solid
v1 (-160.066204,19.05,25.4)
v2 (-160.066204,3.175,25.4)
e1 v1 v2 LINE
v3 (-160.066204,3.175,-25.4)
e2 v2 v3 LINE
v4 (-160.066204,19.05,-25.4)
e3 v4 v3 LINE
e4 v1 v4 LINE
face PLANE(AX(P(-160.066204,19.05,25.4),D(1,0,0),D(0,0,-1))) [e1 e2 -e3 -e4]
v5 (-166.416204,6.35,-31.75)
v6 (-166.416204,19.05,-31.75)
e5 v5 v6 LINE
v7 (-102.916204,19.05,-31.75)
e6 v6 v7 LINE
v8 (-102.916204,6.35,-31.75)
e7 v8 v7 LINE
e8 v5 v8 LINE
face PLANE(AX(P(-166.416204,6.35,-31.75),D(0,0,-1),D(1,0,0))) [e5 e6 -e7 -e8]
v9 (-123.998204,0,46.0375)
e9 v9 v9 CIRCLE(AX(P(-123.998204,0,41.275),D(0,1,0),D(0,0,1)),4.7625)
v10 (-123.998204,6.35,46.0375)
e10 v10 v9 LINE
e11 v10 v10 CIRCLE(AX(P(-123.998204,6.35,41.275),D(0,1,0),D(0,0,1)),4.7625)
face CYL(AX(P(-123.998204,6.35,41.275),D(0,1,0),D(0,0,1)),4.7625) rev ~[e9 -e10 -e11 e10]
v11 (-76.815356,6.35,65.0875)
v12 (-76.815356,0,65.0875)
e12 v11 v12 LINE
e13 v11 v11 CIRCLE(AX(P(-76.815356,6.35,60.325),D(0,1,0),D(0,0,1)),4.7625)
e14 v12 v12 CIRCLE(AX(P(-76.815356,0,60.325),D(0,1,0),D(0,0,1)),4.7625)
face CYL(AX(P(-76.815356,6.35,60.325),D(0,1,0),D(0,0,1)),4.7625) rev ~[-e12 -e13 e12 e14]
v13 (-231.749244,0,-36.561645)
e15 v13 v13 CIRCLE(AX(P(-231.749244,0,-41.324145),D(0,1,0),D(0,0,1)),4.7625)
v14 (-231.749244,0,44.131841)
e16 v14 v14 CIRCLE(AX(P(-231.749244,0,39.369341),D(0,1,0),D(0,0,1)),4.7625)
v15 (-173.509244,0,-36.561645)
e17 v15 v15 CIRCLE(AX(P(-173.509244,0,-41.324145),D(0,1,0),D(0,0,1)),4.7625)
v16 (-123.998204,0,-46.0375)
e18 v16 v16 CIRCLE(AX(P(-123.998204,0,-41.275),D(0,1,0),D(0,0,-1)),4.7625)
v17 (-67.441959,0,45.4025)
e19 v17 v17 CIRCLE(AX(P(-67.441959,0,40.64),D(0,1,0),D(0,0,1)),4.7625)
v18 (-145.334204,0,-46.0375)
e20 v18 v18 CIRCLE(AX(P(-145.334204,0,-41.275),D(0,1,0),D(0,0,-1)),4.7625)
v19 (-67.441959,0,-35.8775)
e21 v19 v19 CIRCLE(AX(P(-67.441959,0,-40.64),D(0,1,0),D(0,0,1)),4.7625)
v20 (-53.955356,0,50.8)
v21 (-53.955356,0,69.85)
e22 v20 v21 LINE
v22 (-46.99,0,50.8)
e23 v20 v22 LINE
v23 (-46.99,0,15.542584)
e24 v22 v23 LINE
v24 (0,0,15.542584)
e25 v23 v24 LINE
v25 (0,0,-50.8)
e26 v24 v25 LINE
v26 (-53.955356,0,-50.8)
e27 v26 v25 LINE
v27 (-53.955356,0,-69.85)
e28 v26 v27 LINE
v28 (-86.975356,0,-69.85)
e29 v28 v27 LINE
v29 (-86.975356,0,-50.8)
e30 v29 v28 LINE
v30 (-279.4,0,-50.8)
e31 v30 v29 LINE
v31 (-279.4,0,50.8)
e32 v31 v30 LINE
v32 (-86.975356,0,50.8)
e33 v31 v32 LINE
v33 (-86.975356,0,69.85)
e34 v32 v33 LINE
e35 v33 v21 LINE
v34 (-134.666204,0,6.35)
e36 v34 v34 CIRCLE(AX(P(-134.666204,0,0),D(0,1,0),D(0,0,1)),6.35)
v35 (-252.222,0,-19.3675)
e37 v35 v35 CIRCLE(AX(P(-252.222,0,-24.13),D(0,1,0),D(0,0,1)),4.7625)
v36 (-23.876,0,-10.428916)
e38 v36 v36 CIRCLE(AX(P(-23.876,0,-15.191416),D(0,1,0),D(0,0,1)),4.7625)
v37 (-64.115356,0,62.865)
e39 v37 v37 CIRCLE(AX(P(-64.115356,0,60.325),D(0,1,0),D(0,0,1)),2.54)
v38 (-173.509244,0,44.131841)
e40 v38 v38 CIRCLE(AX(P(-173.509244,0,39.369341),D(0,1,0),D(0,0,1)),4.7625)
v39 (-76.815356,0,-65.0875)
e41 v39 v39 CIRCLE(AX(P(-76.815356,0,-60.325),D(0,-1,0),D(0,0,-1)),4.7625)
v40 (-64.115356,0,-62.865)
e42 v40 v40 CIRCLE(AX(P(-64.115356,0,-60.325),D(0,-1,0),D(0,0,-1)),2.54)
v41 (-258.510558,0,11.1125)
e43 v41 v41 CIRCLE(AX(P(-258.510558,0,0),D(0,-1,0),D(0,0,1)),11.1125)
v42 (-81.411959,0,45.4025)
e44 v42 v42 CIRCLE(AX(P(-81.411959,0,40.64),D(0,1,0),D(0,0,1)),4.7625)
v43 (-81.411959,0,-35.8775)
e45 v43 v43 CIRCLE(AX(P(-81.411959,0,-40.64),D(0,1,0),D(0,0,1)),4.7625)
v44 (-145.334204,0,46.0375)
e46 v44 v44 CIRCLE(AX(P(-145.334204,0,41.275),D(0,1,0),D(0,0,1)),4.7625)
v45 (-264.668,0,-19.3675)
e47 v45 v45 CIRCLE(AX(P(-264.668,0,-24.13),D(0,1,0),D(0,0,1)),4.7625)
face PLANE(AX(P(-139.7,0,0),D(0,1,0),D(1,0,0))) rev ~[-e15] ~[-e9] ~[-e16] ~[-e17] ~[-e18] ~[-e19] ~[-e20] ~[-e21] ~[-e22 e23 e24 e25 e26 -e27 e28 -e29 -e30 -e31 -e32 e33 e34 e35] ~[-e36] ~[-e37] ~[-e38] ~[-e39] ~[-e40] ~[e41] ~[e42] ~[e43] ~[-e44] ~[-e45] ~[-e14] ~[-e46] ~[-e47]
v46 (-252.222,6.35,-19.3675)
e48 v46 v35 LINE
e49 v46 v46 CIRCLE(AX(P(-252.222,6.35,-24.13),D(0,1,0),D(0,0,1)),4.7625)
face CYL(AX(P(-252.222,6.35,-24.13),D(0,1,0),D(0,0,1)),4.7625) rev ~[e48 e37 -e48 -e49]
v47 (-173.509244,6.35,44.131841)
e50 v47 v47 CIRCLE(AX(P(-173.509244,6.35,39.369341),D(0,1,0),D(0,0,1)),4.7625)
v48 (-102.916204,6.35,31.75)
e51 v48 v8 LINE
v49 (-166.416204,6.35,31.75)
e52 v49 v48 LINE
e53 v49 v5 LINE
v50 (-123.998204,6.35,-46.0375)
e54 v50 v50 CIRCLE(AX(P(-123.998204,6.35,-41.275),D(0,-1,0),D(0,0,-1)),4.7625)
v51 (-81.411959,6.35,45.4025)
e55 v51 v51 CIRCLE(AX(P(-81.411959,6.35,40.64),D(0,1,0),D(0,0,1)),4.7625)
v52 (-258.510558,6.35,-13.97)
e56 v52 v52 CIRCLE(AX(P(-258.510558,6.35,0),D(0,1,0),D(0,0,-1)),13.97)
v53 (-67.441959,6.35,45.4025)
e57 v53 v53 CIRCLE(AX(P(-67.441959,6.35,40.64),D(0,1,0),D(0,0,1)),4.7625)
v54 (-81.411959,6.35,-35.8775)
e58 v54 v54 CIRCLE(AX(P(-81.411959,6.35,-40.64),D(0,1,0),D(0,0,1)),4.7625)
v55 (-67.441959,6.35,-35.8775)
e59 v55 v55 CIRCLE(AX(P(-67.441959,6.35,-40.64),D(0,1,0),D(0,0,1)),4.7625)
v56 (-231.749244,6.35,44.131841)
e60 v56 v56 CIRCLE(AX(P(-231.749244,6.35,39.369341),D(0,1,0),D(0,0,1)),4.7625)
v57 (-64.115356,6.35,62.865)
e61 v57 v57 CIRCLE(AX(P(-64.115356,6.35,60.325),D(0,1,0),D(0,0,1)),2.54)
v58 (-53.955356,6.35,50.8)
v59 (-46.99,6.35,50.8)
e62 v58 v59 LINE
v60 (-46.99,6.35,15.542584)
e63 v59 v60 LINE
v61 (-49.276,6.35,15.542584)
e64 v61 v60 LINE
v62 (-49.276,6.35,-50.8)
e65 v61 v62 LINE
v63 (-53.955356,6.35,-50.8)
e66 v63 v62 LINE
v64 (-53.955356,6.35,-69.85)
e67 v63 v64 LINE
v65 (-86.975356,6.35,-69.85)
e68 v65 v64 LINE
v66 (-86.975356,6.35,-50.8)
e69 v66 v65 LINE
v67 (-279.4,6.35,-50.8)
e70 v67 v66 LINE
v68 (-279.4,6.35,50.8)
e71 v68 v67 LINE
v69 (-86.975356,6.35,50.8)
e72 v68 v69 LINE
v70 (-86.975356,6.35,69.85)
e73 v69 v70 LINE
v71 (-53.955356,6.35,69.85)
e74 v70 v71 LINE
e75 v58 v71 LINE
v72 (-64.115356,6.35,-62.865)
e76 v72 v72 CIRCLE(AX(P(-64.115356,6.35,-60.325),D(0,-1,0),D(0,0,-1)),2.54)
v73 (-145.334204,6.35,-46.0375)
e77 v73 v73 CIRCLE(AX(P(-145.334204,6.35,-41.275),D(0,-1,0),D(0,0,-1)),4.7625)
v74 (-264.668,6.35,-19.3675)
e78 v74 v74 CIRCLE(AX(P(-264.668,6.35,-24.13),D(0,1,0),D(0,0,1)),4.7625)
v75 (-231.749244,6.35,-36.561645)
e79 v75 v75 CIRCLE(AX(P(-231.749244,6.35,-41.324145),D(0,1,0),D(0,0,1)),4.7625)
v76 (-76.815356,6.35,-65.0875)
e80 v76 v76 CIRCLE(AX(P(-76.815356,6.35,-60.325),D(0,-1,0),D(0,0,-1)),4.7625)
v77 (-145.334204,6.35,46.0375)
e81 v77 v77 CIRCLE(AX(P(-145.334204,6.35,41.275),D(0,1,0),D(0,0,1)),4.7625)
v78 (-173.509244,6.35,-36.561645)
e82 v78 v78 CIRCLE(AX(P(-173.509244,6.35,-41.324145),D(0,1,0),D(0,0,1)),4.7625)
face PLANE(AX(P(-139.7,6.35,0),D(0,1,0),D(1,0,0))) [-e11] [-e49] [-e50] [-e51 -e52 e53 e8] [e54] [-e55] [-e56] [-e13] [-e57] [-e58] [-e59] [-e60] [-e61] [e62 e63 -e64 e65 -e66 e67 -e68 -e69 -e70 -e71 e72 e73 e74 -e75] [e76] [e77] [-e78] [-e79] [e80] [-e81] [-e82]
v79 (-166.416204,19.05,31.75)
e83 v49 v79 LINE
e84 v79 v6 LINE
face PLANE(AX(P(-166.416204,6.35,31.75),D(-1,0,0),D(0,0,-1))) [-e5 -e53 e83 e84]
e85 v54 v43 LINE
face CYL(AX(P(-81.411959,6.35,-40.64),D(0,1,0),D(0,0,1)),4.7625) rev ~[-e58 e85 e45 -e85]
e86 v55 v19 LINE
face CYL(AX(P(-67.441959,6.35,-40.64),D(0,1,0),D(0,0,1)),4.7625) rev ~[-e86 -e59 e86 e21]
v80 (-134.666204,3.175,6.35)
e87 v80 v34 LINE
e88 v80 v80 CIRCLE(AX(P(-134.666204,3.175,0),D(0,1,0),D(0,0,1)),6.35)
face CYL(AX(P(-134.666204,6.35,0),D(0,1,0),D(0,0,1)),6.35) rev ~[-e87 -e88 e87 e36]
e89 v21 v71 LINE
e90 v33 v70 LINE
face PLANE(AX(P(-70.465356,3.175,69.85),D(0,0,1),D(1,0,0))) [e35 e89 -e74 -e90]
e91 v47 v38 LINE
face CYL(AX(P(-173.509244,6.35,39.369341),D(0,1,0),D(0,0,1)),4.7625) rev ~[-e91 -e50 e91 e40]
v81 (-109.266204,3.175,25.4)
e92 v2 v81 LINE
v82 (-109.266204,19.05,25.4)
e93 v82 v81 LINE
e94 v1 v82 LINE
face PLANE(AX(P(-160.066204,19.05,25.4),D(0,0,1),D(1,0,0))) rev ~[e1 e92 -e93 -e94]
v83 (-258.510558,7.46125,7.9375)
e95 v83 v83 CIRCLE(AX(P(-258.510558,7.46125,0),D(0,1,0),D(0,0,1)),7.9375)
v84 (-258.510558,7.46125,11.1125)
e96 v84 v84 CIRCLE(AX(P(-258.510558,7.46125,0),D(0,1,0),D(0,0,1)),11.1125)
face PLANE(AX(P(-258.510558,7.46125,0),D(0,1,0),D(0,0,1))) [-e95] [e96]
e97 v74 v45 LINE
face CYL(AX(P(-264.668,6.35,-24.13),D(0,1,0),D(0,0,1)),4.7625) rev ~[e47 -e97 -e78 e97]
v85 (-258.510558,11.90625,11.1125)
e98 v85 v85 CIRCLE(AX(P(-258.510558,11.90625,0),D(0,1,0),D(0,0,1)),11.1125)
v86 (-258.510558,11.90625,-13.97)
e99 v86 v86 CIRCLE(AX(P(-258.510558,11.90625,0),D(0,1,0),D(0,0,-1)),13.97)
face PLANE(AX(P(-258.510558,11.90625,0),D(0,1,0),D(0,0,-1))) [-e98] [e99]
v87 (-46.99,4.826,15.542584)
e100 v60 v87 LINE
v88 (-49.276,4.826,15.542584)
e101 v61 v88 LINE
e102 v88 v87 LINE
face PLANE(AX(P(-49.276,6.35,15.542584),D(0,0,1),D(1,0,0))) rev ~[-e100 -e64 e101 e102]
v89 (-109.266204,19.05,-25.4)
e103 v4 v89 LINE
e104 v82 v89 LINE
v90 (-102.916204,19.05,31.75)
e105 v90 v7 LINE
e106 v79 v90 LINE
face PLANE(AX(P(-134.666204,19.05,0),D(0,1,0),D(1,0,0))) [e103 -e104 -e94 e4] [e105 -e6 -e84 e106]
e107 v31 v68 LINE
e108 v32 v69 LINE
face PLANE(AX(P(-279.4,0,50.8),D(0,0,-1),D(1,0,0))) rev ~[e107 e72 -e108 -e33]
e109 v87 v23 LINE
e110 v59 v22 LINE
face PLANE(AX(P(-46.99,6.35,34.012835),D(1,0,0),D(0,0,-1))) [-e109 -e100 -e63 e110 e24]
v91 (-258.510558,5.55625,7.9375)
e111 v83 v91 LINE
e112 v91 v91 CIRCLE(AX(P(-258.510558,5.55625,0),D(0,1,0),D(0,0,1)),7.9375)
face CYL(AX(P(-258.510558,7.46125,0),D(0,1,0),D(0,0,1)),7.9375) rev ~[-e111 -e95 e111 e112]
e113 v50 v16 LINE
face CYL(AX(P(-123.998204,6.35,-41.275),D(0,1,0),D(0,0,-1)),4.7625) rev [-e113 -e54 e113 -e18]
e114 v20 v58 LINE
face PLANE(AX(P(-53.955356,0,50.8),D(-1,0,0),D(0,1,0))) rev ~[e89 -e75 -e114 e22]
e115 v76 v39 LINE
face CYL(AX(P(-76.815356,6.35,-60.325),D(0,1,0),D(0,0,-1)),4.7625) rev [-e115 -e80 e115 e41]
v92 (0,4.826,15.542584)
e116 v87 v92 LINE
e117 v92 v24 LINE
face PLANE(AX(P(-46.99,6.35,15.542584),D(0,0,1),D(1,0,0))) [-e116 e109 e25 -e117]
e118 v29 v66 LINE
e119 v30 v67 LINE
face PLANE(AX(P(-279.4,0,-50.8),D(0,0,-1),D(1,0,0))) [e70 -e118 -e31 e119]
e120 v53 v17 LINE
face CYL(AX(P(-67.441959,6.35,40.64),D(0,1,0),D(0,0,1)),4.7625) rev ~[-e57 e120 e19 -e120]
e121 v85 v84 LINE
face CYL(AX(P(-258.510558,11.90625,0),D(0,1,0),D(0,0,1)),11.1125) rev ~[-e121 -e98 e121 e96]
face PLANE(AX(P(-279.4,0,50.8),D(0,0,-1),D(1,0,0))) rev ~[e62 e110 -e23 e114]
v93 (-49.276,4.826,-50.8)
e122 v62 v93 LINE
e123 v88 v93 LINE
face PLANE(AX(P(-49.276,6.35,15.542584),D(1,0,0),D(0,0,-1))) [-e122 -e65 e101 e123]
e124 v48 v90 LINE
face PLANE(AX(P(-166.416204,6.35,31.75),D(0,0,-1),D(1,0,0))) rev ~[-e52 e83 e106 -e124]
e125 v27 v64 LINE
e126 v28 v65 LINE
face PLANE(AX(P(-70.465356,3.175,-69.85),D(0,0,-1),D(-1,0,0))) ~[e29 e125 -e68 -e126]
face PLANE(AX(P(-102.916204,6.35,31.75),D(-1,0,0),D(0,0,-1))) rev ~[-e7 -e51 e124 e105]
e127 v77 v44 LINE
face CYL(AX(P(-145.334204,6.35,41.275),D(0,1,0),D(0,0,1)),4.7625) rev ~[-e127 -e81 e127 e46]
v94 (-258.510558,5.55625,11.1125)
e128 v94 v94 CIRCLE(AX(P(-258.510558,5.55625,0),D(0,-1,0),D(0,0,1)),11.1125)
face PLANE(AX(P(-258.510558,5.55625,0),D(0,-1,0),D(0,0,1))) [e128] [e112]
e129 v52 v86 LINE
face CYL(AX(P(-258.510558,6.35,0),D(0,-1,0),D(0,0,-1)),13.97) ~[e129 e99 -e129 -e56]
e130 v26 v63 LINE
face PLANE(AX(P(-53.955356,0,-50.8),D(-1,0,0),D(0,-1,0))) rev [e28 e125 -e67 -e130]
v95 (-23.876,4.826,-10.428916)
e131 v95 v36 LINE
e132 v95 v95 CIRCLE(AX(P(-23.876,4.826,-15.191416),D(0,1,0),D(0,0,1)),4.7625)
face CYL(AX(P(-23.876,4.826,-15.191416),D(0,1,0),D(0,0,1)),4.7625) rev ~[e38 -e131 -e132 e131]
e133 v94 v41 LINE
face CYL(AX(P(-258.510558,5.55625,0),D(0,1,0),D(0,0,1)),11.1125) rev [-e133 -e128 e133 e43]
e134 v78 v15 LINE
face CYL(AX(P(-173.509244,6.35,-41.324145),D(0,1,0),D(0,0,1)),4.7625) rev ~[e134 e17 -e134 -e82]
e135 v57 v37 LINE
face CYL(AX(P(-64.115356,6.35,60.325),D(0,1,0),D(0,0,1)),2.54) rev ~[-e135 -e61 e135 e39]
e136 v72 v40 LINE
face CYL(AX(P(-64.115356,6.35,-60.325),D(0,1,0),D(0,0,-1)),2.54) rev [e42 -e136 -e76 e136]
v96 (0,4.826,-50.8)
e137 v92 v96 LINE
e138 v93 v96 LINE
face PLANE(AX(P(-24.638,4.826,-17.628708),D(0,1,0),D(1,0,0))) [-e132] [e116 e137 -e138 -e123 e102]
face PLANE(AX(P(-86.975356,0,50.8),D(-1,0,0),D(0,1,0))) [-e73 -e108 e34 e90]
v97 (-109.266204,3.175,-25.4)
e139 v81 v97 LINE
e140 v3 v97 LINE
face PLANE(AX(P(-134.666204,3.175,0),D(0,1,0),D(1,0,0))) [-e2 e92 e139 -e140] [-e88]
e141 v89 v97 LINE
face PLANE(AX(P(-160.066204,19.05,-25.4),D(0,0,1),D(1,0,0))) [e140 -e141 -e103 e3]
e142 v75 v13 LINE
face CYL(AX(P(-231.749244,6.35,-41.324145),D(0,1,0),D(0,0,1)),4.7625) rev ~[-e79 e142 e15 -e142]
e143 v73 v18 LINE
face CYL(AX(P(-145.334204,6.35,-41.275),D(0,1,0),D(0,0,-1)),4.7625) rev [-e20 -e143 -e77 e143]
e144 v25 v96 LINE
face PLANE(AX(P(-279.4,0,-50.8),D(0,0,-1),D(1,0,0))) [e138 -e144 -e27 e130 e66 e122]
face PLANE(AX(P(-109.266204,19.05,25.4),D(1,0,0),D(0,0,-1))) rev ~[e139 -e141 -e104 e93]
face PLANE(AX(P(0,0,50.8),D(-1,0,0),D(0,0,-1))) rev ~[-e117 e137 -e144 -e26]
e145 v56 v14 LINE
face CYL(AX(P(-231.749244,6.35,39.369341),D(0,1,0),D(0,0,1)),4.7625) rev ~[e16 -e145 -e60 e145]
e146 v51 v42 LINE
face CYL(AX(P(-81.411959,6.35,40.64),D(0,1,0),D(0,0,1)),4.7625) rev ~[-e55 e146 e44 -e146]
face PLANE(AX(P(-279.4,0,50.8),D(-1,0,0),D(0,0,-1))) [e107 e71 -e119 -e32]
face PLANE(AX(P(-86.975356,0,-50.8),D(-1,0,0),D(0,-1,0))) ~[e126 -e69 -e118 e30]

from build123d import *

# Parameters (mm, degrees)
SKETCH1_W            = 279.4
SKETCH1_H            = 101.6
BOSS_EXTRUDE1_DEPTH  = 6.35
SKETCH2_R            = 13.97
BOSS_EXTRUDE3_DEPTH  = 5.55625
SKETCH9_R            = 11.1125
CUT_EXTRUDE4_DEPTH   = 4.445
CUT_EXTRUDE5_START   = -5.55625
SKETCH10_R           = 11.1125
CUT_EXTRUDE5_DEPTH   = 5.55625
SKETCH11_R           = 7.9375
CUT_EXTRUDE6_DEPTH   = 285.078633923
SKETCH12_R           = 6.35
CUT_EXTRUDE7_DEPTH   = 285.051619429
SKETCH22_W           = 63.5
SKETCH22_H           = 63.5
BOSS_EXTRUDE7_DEPTH  = 12.7
SKETCH25_W           = 50.8
SKETCH25_H           = 50.8
CUT_EXTRUDE11_DEPTH  = 15.875
SKETCH32_R           = 4.7625
CUT_EXTRUDE12_DEPTH  = 6.35
SKETCH38_W           = 46.99
SKETCH38_H           = 18.470251096
CUT_EXTRUDE13_DEPTH  = 6.35
SKETCH60_R           = 4.7625
CUT_EXTRUDE23_DEPTH  = 6.35
SKETCH64_R           = 4.7625
CUT_EXTRUDE24_DEPTH  = 285.264471927
SKETCH69_W           = 33.02
SKETCH69_H           = 6.35
BOSS_EXTRUDE10_DEPTH = 19.05
SKETCH70_R           = 4.7625
SKETCH70_R_2         = 2.54
CUT_EXTRUDE26_DEPTH  = 6.35
SKETCH76_R           = 4.7625
CUT_EXTRUDE29_DEPTH  = 6.35
SKETCH77_W           = 46.99
SKETCH77_H           = 16.7871648
CUT_EXTRUDE30_DEPTH  = 6.35
SKETCH78_W           = 49.276
SKETCH78_H           = 66.342584104
CUT_EXTRUDE32_DEPTH  = 1.524
SKETCH79_R           = 4.7625
CUT_EXTRUDE33_DEPTH  = 4.826


with BuildPart() as part:
    # Sketch1 → Boss-Extrude1 (new body)
    with BuildSketch(Plane(origin=(0, 0, 0), x_dir=(1, 0, 0), z_dir=(0, 1, 0))):
        with Locations((-139.7, 0)):
            Rectangle(SKETCH1_W, SKETCH1_H)
    extrude(amount=BOSS_EXTRUDE1_DEPTH)

    # Sketch2 → Boss-Extrude3 (add)
    with BuildSketch(Plane(origin=(0, 6.35, 0), x_dir=(1, 0, 0), z_dir=(0, 1, 0))):
        with Locations(Location((-258.510557857, 0, 0), (0, 0, 90))):
            Circle(SKETCH2_R)
    extrude(amount=BOSS_EXTRUDE3_DEPTH)

    # Sketch9 → Cut-Extrude4 (cut)
    with BuildSketch(Plane(origin=(0, 11.90625, 0), x_dir=(1, 0, 0), z_dir=(0, 1, 0))):
        with Locations(Location((-258.510557857, 0, 0), (0, 0, 270))):
            Circle(SKETCH9_R)
    extrude(amount=-CUT_EXTRUDE4_DEPTH, mode=Mode.SUBTRACT)

    # Sketch10 → Cut-Extrude5 (cut)
    with BuildSketch(Plane(origin=(0, 0, 0), x_dir=(-1, 0, 0), z_dir=(0, -1, 0)).offset(CUT_EXTRUDE5_START)):
        with Locations(Location((258.510557857, 0, 0), (0, 0, 270))):
            Circle(SKETCH10_R)
    extrude(amount=CUT_EXTRUDE5_DEPTH, mode=Mode.SUBTRACT)

    # Sketch11 → Cut-Extrude6 (cut, through all)
    with BuildSketch(Plane(origin=(0, 7.46125, 0), x_dir=(1, 0, 0), z_dir=(0, 1, 0))):
        with Locations(Location((-258.510557857, 0, 0), (0, 0, 270))):
            Circle(SKETCH11_R)
    extrude(amount=-CUT_EXTRUDE6_DEPTH, mode=Mode.SUBTRACT)

    # Sketch12 → Cut-Extrude7 (cut, through all)
    with BuildSketch(Plane(origin=(0, 6.35, 0), x_dir=(1, 0, 0), z_dir=(0, 1, 0))):
        with Locations(Location((-134.666203771, 0, 0), (0, 0, 270))):
            Circle(SKETCH12_R)
    extrude(amount=-CUT_EXTRUDE7_DEPTH, mode=Mode.SUBTRACT)

    # Sketch22 → Boss-Extrude7 (add)
    with BuildSketch(Plane(origin=(0, 6.35, 0), x_dir=(1, 0, 0), z_dir=(0, 1, 0))):
        with Locations((-134.666203771, 0)):
            Rectangle(SKETCH22_W, SKETCH22_H)
    extrude(amount=BOSS_EXTRUDE7_DEPTH)

    # Sketch25 → Cut-Extrude11 (cut)
    with BuildSketch(Plane(origin=(0, 19.05, 0), x_dir=(1, 0, 0), z_dir=(0, 1, 0))):
        with Locations((-134.666203771, 0)):
            Rectangle(SKETCH25_W, SKETCH25_H)
    extrude(amount=-CUT_EXTRUDE11_DEPTH, mode=Mode.SUBTRACT)

    # Sketch32 → Cut-Extrude12 (cut)
    with BuildSketch(Plane(origin=(0, 6.35, 0), x_dir=(1, 0, 0), z_dir=(0, 1, 0))):
        with Locations(Location((-67.44195898, -40.64, 0), (0, 0, 270))):
            Circle(SKETCH32_R)
        with Locations(Location((-81.41195898, -40.64, 0), (0, 0, 270))):
            Circle(SKETCH32_R)
        with Locations(Location((-67.44195898, 40.64, 0), (0, 0, 270))):
            Circle(SKETCH32_R)
        with Locations(Location((-81.41195898, 40.64, 0), (0, 0, 270))):
            Circle(SKETCH32_R)
    extrude(amount=-CUT_EXTRUDE12_DEPTH, mode=Mode.SUBTRACT)

    # Sketch38 → Cut-Extrude13 (cut)
    with BuildSketch(Plane(origin=(0, 6.35, 0), x_dir=(1, 0, 0), z_dir=(0, 1, 0))):
        with Locations((-23.495, -24.777709652)):
            Rectangle(SKETCH38_W, SKETCH38_H)
    extrude(amount=-CUT_EXTRUDE13_DEPTH, mode=Mode.SUBTRACT)

    # Sketch60 → Cut-Extrude23 (cut)
    with BuildSketch(Plane(origin=(0, 6.35, 0), x_dir=(1, 0, 0), z_dir=(0, 1, 0))):
        with Locations(Location((-231.7492444, 41.324145444, 0), (0, 0, 270))):
            Circle(SKETCH60_R)
        with Locations(Location((-231.7492444, -39.369341378, 0), (0, 0, 270))):
            Circle(SKETCH60_R)
        with Locations(Location((-173.509244294, -39.369341378, 0), (0, 0, 270))):
            Circle(SKETCH60_R)
        with Locations(Location((-173.509244294, 41.324145444, 0), (0, 0, 270))):
            Circle(SKETCH60_R)
    extrude(amount=-CUT_EXTRUDE23_DEPTH, mode=Mode.SUBTRACT)

    # Sketch64 → Cut-Extrude24 (cut, through all)
    with BuildSketch(Plane(origin=(0, 6.35, 0), x_dir=(1, 0, 0), z_dir=(0, 1, 0))):
        with Locations(Location((-145.334203771, -41.275, 0), (0, 0, 270))):
            Circle(SKETCH64_R)
        with Locations(Location((-123.998203771, -41.275, 0), (0, 0, 270))):
            Circle(SKETCH64_R)
    cut_extrude24 = extrude(amount=-CUT_EXTRUDE24_DEPTH, mode=Mode.SUBTRACT)

    # Mirror1: Cut-Extrude24 across plane
    add(cut_extrude24.mirror(Plane.XY), mode=Mode.SUBTRACT)

    # Sketch69 → Boss-Extrude10 (add)
    with BuildSketch(Plane.XY.offset(50.8)):
        with Locations((-70.465355554, 3.175)):
            Rectangle(SKETCH69_W, SKETCH69_H)
    boss_extrude10 = extrude(amount=BOSS_EXTRUDE10_DEPTH)

    # Sketch70 → Cut-Extrude26 (cut)
    with BuildSketch(Plane(origin=(0, 6.35, 0), x_dir=(1, 0, 0), z_dir=(0, 1, 0))):
        with Locations(Location((-76.815355554, -60.325, 0), (0, 0, 270))):
            Circle(SKETCH70_R)
        with Locations(Location((-64.115355554, -60.325, 0), (0, 0, 270))):
            Circle(SKETCH70_R_2)
    cut_extrude26 = extrude(amount=-CUT_EXTRUDE26_DEPTH, mode=Mode.SUBTRACT)

    # Mirror2: Boss-Extrude10, Cut-Extrude26 across plane
    add(boss_extrude10.mirror(Plane.XY))
    add(cut_extrude26.mirror(Plane.XY), mode=Mode.SUBTRACT)

    # Sketch76 → Cut-Extrude29 (cut)
    with BuildSketch(Plane(origin=(0, 6.35, 0), x_dir=(1, 0, 0), z_dir=(0, 1, 0))):
        with Locations(Location((-264.668, 24.13, 0), (0, 0, 270))):
            Circle(SKETCH76_R)
        with Locations(Location((-252.222, 24.13, 0), (0, 0, 270))):
            Circle(SKETCH76_R)
    extrude(amount=-CUT_EXTRUDE29_DEPTH, mode=Mode.SUBTRACT)

    # Sketch77 → Cut-Extrude30 (cut)
    with BuildSketch(Plane(origin=(0, 6.35, 0), x_dir=(1, 0, 0), z_dir=(0, 1, 0))):
        with Locations((-23.495, -42.4064176)):
            Rectangle(SKETCH77_W, SKETCH77_H)
    extrude(amount=-CUT_EXTRUDE30_DEPTH, mode=Mode.SUBTRACT)

    # Sketch78 → Cut-Extrude32 (cut)
    with BuildSketch(Plane(origin=(0, 6.35, 0), x_dir=(1, 0, 0), z_dir=(0, 1, 0))):
        with Locations((-24.638, 17.628707948)):
            Rectangle(SKETCH78_W, SKETCH78_H)
    extrude(amount=-CUT_EXTRUDE32_DEPTH, mode=Mode.SUBTRACT)

    # Sketch79 → Cut-Extrude33 (cut)
    with BuildSketch(Plane(origin=(0, 4.826, 0), x_dir=(1, 0, 0), z_dir=(0, 1, 0))):
        with Locations(Location((-23.876, 15.191415896, 0), (0, 0, 270))):
            Circle(SKETCH79_R)
    extrude(amount=-CUT_EXTRUDE33_DEPTH, mode=Mode.SUBTRACT)


solid = part.part
